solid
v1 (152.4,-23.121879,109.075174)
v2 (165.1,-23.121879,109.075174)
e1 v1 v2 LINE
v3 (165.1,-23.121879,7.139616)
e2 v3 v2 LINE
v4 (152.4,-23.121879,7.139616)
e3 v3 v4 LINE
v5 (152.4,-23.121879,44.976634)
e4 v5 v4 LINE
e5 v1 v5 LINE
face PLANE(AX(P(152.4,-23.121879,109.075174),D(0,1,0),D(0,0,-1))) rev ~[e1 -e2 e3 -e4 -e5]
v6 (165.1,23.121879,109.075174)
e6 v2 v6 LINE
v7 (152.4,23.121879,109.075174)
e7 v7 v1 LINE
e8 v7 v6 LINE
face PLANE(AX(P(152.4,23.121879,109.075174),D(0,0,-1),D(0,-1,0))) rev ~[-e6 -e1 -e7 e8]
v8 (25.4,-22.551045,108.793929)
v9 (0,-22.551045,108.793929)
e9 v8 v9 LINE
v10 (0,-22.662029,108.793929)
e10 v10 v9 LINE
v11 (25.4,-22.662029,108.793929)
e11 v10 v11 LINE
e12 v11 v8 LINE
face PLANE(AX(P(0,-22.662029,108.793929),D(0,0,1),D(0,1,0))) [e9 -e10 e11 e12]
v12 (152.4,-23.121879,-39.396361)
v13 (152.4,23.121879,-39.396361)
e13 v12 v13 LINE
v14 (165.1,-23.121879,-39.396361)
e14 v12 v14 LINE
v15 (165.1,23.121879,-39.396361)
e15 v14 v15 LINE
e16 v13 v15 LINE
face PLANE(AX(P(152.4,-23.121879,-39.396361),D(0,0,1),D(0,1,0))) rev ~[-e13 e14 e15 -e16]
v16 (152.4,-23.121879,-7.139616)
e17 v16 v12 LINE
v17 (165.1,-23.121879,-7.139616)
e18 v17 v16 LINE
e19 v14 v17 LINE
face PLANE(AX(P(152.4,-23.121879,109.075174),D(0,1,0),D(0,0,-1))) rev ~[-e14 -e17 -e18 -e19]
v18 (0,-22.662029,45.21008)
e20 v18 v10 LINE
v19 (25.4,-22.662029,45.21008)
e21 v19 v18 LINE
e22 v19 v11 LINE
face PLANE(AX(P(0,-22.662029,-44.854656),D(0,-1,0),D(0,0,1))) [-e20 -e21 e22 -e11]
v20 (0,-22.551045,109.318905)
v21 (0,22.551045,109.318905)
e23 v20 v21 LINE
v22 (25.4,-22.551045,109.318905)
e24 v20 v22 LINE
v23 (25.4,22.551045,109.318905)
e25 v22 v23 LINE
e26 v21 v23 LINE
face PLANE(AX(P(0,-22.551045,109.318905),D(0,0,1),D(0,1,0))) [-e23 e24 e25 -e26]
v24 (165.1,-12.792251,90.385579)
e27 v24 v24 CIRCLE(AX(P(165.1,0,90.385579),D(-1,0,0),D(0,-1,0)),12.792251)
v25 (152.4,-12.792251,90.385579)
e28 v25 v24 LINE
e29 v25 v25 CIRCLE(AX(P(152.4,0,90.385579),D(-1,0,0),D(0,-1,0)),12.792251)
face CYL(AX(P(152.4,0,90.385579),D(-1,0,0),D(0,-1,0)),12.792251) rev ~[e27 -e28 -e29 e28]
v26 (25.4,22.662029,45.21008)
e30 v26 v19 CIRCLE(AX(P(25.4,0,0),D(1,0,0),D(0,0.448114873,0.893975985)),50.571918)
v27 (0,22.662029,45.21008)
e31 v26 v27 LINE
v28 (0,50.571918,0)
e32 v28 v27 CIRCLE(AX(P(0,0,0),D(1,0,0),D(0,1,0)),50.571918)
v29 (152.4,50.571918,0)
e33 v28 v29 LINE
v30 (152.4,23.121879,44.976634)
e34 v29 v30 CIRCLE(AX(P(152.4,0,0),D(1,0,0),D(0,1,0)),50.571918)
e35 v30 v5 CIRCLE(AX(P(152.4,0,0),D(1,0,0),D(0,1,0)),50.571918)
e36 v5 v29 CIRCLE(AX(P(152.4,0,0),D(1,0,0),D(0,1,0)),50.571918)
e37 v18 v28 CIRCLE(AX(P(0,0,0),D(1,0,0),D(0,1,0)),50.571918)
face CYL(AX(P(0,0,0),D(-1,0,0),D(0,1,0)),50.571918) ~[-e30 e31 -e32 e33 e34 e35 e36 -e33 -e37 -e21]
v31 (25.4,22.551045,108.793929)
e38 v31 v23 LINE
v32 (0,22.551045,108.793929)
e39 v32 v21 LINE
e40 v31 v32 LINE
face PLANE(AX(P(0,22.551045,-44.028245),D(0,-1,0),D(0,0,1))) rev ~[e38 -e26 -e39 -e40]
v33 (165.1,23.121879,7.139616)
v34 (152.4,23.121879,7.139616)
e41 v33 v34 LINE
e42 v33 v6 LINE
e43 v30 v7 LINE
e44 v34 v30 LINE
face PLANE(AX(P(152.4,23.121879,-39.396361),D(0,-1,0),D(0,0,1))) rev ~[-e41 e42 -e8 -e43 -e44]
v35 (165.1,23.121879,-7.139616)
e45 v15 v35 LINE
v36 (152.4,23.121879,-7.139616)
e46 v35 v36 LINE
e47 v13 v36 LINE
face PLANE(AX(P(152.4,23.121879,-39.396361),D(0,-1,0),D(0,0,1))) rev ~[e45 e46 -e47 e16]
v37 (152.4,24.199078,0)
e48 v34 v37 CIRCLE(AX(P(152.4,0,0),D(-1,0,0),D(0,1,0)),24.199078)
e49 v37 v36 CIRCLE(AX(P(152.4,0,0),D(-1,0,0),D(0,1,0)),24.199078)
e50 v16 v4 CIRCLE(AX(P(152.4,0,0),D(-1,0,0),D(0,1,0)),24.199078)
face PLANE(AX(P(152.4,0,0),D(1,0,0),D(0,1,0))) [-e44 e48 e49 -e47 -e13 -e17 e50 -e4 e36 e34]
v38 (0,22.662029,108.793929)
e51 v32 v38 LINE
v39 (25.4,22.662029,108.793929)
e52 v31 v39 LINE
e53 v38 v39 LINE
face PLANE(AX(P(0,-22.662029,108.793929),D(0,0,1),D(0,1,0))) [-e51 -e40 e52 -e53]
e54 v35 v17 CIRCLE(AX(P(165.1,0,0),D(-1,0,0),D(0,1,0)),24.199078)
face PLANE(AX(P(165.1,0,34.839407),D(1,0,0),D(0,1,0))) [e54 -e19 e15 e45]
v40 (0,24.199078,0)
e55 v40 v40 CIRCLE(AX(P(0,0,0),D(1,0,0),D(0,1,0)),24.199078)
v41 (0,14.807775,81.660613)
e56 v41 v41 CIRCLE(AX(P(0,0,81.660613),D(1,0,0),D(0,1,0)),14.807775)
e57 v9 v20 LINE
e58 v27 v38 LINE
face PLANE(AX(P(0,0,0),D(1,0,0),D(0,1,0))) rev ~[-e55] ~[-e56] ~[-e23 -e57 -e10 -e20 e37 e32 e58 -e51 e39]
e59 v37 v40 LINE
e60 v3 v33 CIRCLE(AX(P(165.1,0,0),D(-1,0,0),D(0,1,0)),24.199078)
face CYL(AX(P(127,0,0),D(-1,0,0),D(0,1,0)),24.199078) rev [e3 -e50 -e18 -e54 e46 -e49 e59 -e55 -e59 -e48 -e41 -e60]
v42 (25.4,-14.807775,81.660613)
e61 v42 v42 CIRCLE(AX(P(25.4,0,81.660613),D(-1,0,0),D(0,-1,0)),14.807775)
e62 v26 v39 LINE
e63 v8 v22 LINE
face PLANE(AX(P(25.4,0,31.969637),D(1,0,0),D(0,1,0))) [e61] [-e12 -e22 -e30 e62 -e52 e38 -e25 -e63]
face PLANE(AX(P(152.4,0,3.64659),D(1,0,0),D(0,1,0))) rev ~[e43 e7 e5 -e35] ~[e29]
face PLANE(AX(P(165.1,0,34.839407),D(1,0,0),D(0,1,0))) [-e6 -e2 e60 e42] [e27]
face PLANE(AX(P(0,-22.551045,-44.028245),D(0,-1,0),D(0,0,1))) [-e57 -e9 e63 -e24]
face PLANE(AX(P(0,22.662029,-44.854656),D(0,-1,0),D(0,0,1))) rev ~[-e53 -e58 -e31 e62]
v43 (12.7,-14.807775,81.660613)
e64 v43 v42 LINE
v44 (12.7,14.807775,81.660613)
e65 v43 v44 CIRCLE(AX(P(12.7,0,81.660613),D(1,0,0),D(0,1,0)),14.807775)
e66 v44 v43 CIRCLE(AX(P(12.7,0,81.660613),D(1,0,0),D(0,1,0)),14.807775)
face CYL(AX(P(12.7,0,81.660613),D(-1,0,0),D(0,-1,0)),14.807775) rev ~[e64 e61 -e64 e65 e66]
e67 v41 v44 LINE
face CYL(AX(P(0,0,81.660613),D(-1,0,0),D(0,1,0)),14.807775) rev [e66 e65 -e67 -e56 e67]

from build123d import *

# Parameters (mm, degrees)
F0_R      = 50.5719181769
F1_DEPTH  = 152.4
F2_W      = 45.1020896435
F2_H      = 153.3471494913
F3_DEPTH  = 25.4
F4_W      = 45.3240573406
F4_H      = 153.6485850811
F5_DEPTH  = 25.4
F7_DEPTH  = 25.4
F8_R      = 14.8077748838
F7_FACE_W = 46.2437570095
F7_FACE_H = 148.4715342522
F9_DEPTH  = 12.7
F10_R     = 14.8077748838
F11_DEPTH = 25.4
F12_R     = 14.0159592486
F13_DEPTH = 25.4
F14_R     = 12.7922507372
F15_DEPTH = 25.4
F16_R     = 19.6873563426
F17_DEPTH = 177.8
F18_R     = 24.1990782375
F19_DEPTH = 101.6
F20_DEPTH = 25.4
F21_DEPTH = 203.2


with BuildPart() as f1:
    # F0 (on Right) → F1 (new body)
    with BuildSketch(Plane.YZ):
        Circle(F0_R)
    extrude(amount=F1_DEPTH)

    # F2 (on Right) → F3 (join)
    with BuildSketch(Plane.YZ):
        with Locations((0, 32.645329833)):
            Rectangle(F2_W, F2_H)
    extrude(amount=F3_DEPTH)

    # F4 (on Right) → F5 (join)
    with BuildSketch(Plane.YZ):
        with Locations((0, 31.9696366787)):
            Rectangle(F4_W, F4_H)
    extrude(amount=F5_DEPTH)

    # F6 (on face) → F7 (join)
    with BuildSketch(Plane.YZ.offset(152.4)):
        with BuildLine():
            ThreePointArc((23.1218785048, 44.9766344061), (0, 50.5719181769), (-23.1218785048, 44.9766344061))
            Line((-23.1218785048, 44.9766344061), (-23.1218785048, -39.3963605165))
            Line((-23.1218785048, -39.3963605165), (23.1218785048, -39.3963605165))
            Line((23.1218785048, -39.3963605165), (23.1218785048, 44.9766344061))
        make_face()
        with BuildLine():
            Line((23.1218785048, 109.0751737356), (-23.1218785048, 109.0751737356))
            Line((-23.1218785048, 109.0751737356), (-23.1218785048, 44.9766344061))
            ThreePointArc((-23.1218785048, 44.9766344061), (0, 50.5719181769), (23.1218785048, 44.9766344061))
            Line((23.1218785048, 44.9766344061), (23.1218785048, 109.0751737356))
        make_face()
    extrude(amount=F7_DEPTH)

    # F8 (on Right) + F7_face (on face) → F9 (cut, symmetric)
    with BuildSketch(Plane.YZ):
        with Locations((0, 81.6606134176)):
            Circle(F8_R)
    with BuildSketch(Plane(origin=(177.8, 0, 34.8394066095), x_dir=(0, 1, 0), z_dir=(1, 0, 0))):
        Rectangle(F7_FACE_W, F7_FACE_H)
    extrude(amount=F9_DEPTH, both=True, mode=Mode.SUBTRACT)

    # F10 (on face) → F11 (cut)
    with BuildSketch(Plane(origin=(12.7, 0, 0), x_dir=(0, -1, 0), z_dir=(-1, 0, 0))):
        with Locations((0, 81.6606134176)):
            Circle(F10_R)
    extrude(amount=-F11_DEPTH, mode=Mode.SUBTRACT)

    # F12 (on Right) → F13 (cut)
    with BuildSketch(Plane.YZ):
        with Locations((-7.2993179783, 64.5171701908)):
            Circle(F12_R)
    extrude(amount=-F13_DEPTH, mode=Mode.SUBTRACT)

    # F14 (on face) → F15 (cut)
    with BuildSketch(Plane(origin=(152.4, 0, 0), x_dir=(0, -1, 0), z_dir=(-1, 0, 0))):
        with Locations((0, 90.3855785728)):
            Circle(F14_R)
    extrude(amount=-F15_DEPTH, mode=Mode.SUBTRACT)

    # F16 (on Right) → F17 (cut)
    with BuildSketch(Plane.YZ):
        Circle(F16_R)
    extrude(amount=-F17_DEPTH, mode=Mode.SUBTRACT)

    # F18 (on Right) → F19 (cut, symmetric)
    with BuildSketch(Plane.YZ):
        Circle(F18_R)
    extrude(amount=F19_DEPTH, both=True, mode=Mode.SUBTRACT)

    # F20 (cut): a face of the model
    f20_faces = [f1.faces().sort_by_distance(p)[0] for p in [
        (101.6, 0, 0),
    ]]
    extrude(f20_faces, amount=-F20_DEPTH, mode=Mode.SUBTRACT)

    # F21 (cut): a face of the model
    f21_faces = [f1.faces().sort_by_distance(p)[0] for p in [
        (127, 0, 0),
    ]]
    extrude(f21_faces, amount=-F21_DEPTH, mode=Mode.SUBTRACT)


solid = f1.part
